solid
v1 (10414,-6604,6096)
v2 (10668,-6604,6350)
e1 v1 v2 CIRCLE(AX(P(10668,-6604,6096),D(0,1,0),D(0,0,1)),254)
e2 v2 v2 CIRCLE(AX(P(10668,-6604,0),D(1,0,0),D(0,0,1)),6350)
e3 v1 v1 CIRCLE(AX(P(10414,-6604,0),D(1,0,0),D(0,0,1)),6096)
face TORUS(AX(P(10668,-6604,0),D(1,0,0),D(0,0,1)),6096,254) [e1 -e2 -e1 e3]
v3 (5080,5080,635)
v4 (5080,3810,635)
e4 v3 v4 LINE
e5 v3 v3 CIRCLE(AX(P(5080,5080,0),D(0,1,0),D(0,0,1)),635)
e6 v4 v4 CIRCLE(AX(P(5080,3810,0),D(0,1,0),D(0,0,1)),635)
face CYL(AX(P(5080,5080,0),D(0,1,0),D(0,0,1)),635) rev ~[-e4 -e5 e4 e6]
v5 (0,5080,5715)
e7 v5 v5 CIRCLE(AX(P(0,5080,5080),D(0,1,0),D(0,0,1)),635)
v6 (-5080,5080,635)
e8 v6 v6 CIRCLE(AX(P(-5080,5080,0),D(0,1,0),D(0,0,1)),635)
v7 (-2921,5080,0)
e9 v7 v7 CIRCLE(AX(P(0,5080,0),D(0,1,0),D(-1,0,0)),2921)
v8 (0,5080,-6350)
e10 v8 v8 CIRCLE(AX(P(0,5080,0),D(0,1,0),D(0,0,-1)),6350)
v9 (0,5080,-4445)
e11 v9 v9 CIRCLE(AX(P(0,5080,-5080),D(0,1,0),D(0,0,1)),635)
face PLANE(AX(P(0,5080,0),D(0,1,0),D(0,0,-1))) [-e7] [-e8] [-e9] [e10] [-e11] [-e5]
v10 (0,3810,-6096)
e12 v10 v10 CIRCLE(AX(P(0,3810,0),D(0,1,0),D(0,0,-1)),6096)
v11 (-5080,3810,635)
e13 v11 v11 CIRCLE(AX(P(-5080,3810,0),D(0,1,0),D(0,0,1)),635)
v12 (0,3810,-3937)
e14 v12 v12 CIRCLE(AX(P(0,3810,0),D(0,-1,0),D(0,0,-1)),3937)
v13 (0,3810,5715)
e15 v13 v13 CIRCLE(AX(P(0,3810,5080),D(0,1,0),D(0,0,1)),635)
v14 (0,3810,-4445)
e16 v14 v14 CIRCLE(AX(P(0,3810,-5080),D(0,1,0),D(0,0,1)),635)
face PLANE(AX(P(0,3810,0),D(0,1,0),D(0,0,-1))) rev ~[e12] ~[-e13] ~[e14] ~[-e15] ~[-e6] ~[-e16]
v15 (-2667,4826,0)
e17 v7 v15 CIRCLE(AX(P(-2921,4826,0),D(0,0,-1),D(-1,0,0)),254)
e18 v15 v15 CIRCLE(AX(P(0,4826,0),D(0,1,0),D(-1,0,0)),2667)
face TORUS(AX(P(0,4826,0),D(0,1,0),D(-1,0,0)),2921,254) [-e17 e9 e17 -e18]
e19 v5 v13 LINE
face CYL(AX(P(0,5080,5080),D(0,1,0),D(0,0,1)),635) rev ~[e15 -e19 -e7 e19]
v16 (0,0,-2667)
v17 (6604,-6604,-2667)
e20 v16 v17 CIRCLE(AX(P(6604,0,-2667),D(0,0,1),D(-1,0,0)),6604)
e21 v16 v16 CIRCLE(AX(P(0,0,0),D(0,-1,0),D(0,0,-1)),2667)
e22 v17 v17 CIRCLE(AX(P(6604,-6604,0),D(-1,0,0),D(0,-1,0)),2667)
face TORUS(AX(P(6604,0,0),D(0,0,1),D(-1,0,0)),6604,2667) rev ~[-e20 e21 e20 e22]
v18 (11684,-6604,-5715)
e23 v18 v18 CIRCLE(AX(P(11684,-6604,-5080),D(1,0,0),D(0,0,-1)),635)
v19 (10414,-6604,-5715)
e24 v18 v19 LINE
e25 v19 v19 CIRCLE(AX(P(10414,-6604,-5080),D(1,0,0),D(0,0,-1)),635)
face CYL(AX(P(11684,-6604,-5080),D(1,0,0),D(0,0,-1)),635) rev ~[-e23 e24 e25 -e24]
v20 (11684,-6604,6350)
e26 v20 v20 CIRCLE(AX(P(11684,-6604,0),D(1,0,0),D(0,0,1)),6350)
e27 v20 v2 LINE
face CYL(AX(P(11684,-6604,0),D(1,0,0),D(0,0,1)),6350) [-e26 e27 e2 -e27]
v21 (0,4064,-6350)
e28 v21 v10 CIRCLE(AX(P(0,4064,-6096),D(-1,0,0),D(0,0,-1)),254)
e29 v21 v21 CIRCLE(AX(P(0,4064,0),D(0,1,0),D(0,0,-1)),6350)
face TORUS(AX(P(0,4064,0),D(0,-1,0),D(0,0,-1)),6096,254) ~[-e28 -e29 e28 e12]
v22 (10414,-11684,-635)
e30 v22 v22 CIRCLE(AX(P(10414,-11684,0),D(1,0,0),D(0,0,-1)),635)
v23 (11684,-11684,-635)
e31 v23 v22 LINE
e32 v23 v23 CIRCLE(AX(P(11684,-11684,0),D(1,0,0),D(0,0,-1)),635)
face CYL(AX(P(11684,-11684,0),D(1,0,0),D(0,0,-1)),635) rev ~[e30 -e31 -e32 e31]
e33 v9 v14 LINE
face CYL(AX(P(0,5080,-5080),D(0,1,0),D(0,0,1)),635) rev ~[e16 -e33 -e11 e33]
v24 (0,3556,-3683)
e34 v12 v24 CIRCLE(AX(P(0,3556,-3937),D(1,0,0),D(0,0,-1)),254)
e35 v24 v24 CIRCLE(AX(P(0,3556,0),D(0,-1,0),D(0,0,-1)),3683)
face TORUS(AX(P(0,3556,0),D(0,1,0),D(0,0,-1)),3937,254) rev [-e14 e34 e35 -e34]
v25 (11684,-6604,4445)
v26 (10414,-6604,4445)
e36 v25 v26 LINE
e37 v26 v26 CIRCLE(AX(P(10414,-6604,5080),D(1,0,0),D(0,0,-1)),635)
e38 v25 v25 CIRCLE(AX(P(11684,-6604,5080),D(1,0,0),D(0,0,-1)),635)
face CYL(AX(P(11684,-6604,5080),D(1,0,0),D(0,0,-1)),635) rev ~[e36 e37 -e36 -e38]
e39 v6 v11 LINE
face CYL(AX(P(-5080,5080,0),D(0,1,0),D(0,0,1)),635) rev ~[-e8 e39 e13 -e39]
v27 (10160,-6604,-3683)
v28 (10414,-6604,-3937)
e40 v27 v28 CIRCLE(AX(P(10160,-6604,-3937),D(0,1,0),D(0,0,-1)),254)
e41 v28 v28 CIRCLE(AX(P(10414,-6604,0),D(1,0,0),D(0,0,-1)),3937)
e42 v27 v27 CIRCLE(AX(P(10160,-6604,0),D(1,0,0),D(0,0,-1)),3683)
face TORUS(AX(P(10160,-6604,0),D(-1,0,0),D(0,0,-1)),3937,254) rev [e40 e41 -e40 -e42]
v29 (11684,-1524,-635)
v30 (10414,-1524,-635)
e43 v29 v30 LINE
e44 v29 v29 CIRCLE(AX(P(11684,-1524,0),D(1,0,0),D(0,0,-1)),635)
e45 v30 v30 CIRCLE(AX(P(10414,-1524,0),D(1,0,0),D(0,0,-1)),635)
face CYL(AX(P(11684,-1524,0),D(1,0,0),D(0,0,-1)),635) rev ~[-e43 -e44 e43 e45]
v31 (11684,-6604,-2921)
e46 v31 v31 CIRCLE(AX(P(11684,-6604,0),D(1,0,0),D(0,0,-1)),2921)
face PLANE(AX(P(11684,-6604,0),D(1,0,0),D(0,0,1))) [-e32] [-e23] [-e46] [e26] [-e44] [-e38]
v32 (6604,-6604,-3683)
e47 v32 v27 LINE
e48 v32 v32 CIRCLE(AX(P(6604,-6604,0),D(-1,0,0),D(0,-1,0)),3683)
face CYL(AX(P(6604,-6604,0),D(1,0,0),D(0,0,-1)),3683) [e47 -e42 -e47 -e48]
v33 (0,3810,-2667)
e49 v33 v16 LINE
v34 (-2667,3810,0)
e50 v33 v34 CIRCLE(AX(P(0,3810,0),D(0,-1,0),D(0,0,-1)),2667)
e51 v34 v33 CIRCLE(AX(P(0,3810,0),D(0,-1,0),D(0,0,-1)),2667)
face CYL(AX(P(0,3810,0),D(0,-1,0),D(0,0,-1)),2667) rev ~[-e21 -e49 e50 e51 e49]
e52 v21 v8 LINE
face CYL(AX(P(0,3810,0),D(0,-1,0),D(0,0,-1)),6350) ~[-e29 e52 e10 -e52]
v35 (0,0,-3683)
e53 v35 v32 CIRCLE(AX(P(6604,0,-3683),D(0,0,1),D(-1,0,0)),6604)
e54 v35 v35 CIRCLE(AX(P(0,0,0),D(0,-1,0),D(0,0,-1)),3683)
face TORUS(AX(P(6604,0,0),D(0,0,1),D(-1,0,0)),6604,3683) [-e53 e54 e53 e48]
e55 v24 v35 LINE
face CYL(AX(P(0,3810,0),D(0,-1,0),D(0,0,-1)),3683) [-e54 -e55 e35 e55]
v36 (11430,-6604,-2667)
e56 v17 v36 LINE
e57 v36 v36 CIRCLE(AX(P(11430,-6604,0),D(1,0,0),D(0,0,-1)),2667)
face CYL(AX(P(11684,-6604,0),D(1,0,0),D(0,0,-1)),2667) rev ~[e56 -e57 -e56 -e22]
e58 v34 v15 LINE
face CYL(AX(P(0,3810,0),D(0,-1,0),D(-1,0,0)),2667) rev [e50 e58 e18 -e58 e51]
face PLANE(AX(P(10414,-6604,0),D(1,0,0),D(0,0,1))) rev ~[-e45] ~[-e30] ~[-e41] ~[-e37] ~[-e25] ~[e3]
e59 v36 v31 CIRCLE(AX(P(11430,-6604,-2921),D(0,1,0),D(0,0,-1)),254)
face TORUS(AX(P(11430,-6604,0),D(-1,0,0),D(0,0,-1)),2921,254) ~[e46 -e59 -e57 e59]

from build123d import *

# Parameters (mm, degrees)
SWEEP_THIN1_PROFILE_R   = 3683
SWEEP_THIN1_PROFILE_R_2 = 2667
BOSS_EXTRUDE1_START     = 1270
SKETCH40_R              = 6350
SKETCH40_R_2            = 2667
BOSS_EXTRUDE1_DEPTH     = 1270
SKETCH41_R              = 6350
SKETCH41_R_2            = 2667
BOSS_EXTRUDE2_DEPTH     = 1270
SKETCH42_R              = 635
CUT_EXTRUDE1_DEPTH      = 1270
SKETCH43_R              = 635
SKETCH43_R_2            = 634.999999999
CUT_EXTRUDE2_DEPTH      = 1270
FILLET1_R               = 254


with BuildPart() as part:
    # Sweep-Thin1: sweep along a path in Sketch2
    with BuildLine(Plane.XY) as sweep_thin1_path:
        Line((0, 3810), (0, 0))
        ThreePointArc((0, 0), (1934.266817044, -4669.733182956), (6604, -6604))
        Line((6604, -6604), (10414, -6604))
    # Sweep-Thin1 profile (on start of the path) → Sweep-Thin1 (sweep)
    with BuildSketch(Plane(origin=(0, 3810, 0), x_dir=(0, 0, -1), z_dir=(0, -1, 0))):
        Circle(SWEEP_THIN1_PROFILE_R)
        Circle(SWEEP_THIN1_PROFILE_R_2, mode=Mode.SUBTRACT)
    sweep(path=sweep_thin1_path.line)

    # Sketch40 → Boss-Extrude1 (add)
    with BuildSketch(Plane(origin=(10414, 0, 0), x_dir=(0, 0, -1), z_dir=(1, 0, 0)).offset(BOSS_EXTRUDE1_START)):
        with Locations(Location((0, -6604, 0), (0, 0, 180))):
            Circle(SKETCH40_R)
        with Locations((0, -6604)):
            Circle(SKETCH40_R_2, mode=Mode.SUBTRACT)
    extrude(amount=-BOSS_EXTRUDE1_DEPTH)

    # Sketch41 → Boss-Extrude2 (add)
    with BuildSketch(Plane(origin=(0, 3810, 0), x_dir=(1, 0, 0), z_dir=(0, 1, 0))):
        with Locations(Location((0, 0, 0), (0, 0, 90))):
            Circle(SKETCH41_R)
        with Locations(Location((0, 0, 0), (0, 0, 180))):
            Circle(SKETCH41_R_2, mode=Mode.SUBTRACT)
    extrude(amount=BOSS_EXTRUDE2_DEPTH)

    # Sketch42 → Cut-Extrude1 (cut)
    with BuildSketch(Plane(origin=(0, 5080, 0), x_dir=(1, 0, 0), z_dir=(0, 1, 0))):
        with Locations(Location((0, 5080, 0), (0, 0, 270))):
            Circle(SKETCH42_R)
        with Locations(Location((5080, 0, 0), (0, 0, 270))):
            Circle(SKETCH42_R)
        with Locations(Location((0, -5080, 0), (0, 0, 270))):
            Circle(SKETCH42_R)
        with Locations(Location((-5080, 0, 0), (0, 0, 270))):
            Circle(SKETCH42_R)
    extrude(amount=-CUT_EXTRUDE1_DEPTH, mode=Mode.SUBTRACT)

    # Sketch43 → Cut-Extrude2 (cut)
    with BuildSketch(Plane(origin=(11684, 0, 0), x_dir=(0, 0, -1), z_dir=(1, 0, 0))):
        with Locations((0, -1524)):
            Circle(SKETCH43_R)
        with Locations((5080, -6604)):
            Circle(SKETCH43_R)
        with Locations((0, -11684)):
            Circle(SKETCH43_R_2)
        with Locations((-5080, -6604)):
            Circle(SKETCH43_R)
    extrude(amount=-CUT_EXTRUDE2_DEPTH, mode=Mode.SUBTRACT)

    # Fillet1
    fillet1_edges = [part.edges().sort_by_distance(p)[0] for p in [
        (10414, -6604, 3683),
        (10414, -6604, -6350),
        (11684, -6604, 2667),
        (0, 3810, 6350),
        (2667, 5080, 0),
        (0, 3810, 3683),
    ]]
    fillet(fillet1_edges, radius=FILLET1_R)


solid = part.part
